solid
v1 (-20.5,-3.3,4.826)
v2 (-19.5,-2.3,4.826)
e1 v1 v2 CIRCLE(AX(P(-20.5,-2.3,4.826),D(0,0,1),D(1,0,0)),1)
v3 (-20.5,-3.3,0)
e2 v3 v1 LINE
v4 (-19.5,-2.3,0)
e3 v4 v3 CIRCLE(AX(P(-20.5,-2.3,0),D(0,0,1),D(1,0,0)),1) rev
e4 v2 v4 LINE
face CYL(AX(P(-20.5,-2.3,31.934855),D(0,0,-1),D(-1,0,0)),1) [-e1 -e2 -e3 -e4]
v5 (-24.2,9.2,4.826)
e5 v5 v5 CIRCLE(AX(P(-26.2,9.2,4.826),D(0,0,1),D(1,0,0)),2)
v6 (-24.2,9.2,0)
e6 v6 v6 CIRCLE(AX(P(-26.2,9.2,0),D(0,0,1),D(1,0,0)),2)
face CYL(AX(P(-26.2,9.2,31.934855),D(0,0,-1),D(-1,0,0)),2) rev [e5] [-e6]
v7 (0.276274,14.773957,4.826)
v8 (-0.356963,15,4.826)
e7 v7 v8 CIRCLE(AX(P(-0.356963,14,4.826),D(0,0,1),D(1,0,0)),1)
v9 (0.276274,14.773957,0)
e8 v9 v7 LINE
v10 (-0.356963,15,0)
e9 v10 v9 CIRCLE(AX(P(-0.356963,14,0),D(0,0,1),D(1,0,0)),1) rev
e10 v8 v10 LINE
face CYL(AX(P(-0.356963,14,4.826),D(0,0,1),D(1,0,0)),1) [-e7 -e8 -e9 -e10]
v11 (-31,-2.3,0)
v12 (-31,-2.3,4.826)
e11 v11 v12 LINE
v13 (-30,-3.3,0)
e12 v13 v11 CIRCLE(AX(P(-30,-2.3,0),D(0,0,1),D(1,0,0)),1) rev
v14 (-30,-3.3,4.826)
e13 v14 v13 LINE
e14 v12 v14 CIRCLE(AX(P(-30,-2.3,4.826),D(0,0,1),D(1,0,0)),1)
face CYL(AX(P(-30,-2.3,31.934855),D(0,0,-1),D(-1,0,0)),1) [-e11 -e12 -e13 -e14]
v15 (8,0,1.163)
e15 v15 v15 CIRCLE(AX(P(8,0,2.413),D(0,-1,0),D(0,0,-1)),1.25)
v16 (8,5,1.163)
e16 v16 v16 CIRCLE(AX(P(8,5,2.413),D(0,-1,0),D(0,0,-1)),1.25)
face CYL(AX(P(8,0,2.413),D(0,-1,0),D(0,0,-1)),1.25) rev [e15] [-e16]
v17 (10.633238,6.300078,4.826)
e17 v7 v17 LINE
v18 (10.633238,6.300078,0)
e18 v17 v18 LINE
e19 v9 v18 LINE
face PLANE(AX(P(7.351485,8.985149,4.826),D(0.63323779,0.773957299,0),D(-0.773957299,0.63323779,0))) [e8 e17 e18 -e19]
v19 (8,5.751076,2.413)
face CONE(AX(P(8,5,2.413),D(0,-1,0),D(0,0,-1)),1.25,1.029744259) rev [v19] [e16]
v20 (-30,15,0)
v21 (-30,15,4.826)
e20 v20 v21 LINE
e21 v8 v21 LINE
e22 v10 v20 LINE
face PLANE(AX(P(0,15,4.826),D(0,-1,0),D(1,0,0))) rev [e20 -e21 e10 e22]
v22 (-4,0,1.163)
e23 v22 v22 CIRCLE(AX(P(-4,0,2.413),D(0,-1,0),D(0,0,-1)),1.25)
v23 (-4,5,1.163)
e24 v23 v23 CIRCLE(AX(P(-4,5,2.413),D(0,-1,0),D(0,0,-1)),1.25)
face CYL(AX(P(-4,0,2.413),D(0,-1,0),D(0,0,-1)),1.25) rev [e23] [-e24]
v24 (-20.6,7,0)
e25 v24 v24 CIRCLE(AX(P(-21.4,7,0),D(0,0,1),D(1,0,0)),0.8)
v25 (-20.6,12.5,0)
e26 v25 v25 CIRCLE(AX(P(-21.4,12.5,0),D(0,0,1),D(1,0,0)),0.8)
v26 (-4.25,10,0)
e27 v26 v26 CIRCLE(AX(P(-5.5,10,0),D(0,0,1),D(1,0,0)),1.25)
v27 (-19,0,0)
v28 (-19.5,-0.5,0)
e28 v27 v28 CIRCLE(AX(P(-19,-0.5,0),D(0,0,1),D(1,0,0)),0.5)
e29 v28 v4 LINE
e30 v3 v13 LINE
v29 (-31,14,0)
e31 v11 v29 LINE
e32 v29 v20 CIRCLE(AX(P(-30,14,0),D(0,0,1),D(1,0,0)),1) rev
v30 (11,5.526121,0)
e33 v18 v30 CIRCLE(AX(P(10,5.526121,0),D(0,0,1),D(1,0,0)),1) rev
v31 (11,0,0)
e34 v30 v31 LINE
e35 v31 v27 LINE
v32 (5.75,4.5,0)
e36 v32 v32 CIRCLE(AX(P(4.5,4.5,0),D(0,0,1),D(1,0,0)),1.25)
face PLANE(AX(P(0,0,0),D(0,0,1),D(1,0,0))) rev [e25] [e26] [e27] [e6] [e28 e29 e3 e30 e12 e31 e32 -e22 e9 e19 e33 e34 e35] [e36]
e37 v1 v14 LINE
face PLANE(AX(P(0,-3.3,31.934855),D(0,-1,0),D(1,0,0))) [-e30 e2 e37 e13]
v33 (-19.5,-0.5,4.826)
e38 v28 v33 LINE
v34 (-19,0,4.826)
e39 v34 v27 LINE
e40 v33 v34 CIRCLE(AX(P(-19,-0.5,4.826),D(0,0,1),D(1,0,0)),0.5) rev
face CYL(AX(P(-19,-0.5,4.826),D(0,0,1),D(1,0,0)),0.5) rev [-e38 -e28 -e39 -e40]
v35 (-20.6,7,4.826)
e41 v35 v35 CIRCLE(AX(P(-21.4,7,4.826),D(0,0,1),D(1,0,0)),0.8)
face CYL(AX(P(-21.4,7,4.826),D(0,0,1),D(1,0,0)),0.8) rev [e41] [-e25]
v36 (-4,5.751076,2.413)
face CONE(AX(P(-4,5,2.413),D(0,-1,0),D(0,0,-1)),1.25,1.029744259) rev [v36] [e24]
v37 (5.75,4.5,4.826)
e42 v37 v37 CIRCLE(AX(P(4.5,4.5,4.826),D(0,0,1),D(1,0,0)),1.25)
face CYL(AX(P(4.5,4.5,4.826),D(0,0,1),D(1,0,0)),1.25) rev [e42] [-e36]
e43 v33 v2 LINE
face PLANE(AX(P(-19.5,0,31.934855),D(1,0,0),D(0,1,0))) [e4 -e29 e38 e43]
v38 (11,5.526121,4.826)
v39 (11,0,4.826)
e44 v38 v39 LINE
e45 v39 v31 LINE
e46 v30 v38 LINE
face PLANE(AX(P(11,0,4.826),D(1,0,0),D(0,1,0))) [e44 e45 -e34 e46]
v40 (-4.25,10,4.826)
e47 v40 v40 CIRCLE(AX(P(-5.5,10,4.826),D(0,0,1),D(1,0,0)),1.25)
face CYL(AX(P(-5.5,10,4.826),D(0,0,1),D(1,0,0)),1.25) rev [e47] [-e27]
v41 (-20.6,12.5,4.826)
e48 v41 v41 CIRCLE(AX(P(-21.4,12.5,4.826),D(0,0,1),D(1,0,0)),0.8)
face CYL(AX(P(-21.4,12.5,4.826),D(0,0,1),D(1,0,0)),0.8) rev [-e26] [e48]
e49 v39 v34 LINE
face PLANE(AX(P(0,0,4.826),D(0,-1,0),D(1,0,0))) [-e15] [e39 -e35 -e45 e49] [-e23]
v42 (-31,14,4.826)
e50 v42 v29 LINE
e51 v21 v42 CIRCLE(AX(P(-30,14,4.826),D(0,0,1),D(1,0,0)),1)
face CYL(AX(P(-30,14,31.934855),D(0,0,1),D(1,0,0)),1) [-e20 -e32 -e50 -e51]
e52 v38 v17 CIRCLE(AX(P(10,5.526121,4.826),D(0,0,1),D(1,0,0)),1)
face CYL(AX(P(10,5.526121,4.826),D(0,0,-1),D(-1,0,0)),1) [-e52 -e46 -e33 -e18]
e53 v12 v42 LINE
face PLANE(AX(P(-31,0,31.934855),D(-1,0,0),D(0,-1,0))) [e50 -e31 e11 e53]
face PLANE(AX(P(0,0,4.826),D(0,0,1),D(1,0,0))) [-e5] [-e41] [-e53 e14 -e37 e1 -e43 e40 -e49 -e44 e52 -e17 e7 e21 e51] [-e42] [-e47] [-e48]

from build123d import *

# Parameters (mm, degrees)
BOSS_EXTRUDE1_DEPTH             = 4.826
M3X0_5_TAPPED_HOLE1_D           = 2.5
TAP_DRILL_FOR_M3X0_5_TAP1_D     = 2.5
TAP_DRILL_FOR_M3X0_5_TAP1_DEPTH = 5
TAP_DRILL_FOR_M3X0_5_TAP1_TIP   = 0.751075774
M3X0_5_TAPPED_HOLE2_D           = 2.5
SKETCH1_3_R                     = 2
BOSS_EXTRUDE2_DEPTH             = 4.826
FILLET1_R                       = 1
M2_TAPPED_HOLES_D               = 1.6
FILLET2_R                       = 0.5


with BuildPart() as part:
    # Sketch1 → Boss-Extrude1 (new body)
    with BuildSketch(Plane.XY):
        Polygon((11, 0), (0, 0), (-11, 0), (-11, 15), (0, 15), (11, 6), align=None)
    extrude(amount=BOSS_EXTRUDE1_DEPTH)

    # M3x0.5 Tapped Hole1 (through all)
    with Locations(Plane.XY.offset(4.826)):
        with Locations((-5.5, 10)):
            Hole(M3X0_5_TAPPED_HOLE1_D / 2)

    # Tap Drill for M3x0.5 Tap1
    with Locations(Plane(origin=(-4, 0, 2.413), x_dir=(-1, 0, 0), z_dir=(0, -1, 0))):
        with Locations((0, 0), (-12, 0)):
            Hole(TAP_DRILL_FOR_M3X0_5_TAP1_D / 2, depth=TAP_DRILL_FOR_M3X0_5_TAP1_DEPTH)
            with Locations((0, 0, -(TAP_DRILL_FOR_M3X0_5_TAP1_DEPTH + TAP_DRILL_FOR_M3X0_5_TAP1_TIP / 2))):  # 118° drill point
                Cone(0, TAP_DRILL_FOR_M3X0_5_TAP1_D / 2, TAP_DRILL_FOR_M3X0_5_TAP1_TIP, mode=Mode.SUBTRACT)

    # M3x0.5 Tapped Hole2 (through all)
    with Locations(Plane(origin=(4.5, 4.5, 4.826), x_dir=(1, 0, 0), z_dir=(0, 0, 1))):
        with Locations((0, 0)):
            Hole(M3X0_5_TAPPED_HOLE2_D / 2)

    # Sketch1<3> → Boss-Extrude2 (add)
    with BuildSketch(Plane.XY):
        Polygon((-19.5, 0), (-11, 0), (-11, 15), (-19.5, 15), (-31, 15), (-31, -3.3), (-19.5, -3.3), align=None)
        with Locations((-26.2, 9.2)):
            Circle(SKETCH1_3_R, mode=Mode.SUBTRACT)
    extrude(amount=BOSS_EXTRUDE2_DEPTH)

    # Fillet1
    fillet1_edges = [part.edges().sort_by_distance(p)[0] for p in [
        (0, 15, 2.413),
        (11, 6, 2.413),
        (-31, 15, 2.413),
        (-31, -3.3, 2.413),
        (-19.5, -3.3, 2.413),
    ]]
    fillet(fillet1_edges, radius=FILLET1_R)

    # M2 Tapped Holes (through all)
    with Locations(Plane.XY.offset(4.826)):
        with Locations((-21.4, 12.5), (-21.4, 7)):
            Hole(M2_TAPPED_HOLES_D / 2)

    # Fillet2
    fillet2_edges = [part.edges().sort_by_distance(p)[0] for p in [
        (-19.5, 0, 2.413),
    ]]
    fillet(fillet2_edges, radius=FILLET2_R)


solid = part.part
